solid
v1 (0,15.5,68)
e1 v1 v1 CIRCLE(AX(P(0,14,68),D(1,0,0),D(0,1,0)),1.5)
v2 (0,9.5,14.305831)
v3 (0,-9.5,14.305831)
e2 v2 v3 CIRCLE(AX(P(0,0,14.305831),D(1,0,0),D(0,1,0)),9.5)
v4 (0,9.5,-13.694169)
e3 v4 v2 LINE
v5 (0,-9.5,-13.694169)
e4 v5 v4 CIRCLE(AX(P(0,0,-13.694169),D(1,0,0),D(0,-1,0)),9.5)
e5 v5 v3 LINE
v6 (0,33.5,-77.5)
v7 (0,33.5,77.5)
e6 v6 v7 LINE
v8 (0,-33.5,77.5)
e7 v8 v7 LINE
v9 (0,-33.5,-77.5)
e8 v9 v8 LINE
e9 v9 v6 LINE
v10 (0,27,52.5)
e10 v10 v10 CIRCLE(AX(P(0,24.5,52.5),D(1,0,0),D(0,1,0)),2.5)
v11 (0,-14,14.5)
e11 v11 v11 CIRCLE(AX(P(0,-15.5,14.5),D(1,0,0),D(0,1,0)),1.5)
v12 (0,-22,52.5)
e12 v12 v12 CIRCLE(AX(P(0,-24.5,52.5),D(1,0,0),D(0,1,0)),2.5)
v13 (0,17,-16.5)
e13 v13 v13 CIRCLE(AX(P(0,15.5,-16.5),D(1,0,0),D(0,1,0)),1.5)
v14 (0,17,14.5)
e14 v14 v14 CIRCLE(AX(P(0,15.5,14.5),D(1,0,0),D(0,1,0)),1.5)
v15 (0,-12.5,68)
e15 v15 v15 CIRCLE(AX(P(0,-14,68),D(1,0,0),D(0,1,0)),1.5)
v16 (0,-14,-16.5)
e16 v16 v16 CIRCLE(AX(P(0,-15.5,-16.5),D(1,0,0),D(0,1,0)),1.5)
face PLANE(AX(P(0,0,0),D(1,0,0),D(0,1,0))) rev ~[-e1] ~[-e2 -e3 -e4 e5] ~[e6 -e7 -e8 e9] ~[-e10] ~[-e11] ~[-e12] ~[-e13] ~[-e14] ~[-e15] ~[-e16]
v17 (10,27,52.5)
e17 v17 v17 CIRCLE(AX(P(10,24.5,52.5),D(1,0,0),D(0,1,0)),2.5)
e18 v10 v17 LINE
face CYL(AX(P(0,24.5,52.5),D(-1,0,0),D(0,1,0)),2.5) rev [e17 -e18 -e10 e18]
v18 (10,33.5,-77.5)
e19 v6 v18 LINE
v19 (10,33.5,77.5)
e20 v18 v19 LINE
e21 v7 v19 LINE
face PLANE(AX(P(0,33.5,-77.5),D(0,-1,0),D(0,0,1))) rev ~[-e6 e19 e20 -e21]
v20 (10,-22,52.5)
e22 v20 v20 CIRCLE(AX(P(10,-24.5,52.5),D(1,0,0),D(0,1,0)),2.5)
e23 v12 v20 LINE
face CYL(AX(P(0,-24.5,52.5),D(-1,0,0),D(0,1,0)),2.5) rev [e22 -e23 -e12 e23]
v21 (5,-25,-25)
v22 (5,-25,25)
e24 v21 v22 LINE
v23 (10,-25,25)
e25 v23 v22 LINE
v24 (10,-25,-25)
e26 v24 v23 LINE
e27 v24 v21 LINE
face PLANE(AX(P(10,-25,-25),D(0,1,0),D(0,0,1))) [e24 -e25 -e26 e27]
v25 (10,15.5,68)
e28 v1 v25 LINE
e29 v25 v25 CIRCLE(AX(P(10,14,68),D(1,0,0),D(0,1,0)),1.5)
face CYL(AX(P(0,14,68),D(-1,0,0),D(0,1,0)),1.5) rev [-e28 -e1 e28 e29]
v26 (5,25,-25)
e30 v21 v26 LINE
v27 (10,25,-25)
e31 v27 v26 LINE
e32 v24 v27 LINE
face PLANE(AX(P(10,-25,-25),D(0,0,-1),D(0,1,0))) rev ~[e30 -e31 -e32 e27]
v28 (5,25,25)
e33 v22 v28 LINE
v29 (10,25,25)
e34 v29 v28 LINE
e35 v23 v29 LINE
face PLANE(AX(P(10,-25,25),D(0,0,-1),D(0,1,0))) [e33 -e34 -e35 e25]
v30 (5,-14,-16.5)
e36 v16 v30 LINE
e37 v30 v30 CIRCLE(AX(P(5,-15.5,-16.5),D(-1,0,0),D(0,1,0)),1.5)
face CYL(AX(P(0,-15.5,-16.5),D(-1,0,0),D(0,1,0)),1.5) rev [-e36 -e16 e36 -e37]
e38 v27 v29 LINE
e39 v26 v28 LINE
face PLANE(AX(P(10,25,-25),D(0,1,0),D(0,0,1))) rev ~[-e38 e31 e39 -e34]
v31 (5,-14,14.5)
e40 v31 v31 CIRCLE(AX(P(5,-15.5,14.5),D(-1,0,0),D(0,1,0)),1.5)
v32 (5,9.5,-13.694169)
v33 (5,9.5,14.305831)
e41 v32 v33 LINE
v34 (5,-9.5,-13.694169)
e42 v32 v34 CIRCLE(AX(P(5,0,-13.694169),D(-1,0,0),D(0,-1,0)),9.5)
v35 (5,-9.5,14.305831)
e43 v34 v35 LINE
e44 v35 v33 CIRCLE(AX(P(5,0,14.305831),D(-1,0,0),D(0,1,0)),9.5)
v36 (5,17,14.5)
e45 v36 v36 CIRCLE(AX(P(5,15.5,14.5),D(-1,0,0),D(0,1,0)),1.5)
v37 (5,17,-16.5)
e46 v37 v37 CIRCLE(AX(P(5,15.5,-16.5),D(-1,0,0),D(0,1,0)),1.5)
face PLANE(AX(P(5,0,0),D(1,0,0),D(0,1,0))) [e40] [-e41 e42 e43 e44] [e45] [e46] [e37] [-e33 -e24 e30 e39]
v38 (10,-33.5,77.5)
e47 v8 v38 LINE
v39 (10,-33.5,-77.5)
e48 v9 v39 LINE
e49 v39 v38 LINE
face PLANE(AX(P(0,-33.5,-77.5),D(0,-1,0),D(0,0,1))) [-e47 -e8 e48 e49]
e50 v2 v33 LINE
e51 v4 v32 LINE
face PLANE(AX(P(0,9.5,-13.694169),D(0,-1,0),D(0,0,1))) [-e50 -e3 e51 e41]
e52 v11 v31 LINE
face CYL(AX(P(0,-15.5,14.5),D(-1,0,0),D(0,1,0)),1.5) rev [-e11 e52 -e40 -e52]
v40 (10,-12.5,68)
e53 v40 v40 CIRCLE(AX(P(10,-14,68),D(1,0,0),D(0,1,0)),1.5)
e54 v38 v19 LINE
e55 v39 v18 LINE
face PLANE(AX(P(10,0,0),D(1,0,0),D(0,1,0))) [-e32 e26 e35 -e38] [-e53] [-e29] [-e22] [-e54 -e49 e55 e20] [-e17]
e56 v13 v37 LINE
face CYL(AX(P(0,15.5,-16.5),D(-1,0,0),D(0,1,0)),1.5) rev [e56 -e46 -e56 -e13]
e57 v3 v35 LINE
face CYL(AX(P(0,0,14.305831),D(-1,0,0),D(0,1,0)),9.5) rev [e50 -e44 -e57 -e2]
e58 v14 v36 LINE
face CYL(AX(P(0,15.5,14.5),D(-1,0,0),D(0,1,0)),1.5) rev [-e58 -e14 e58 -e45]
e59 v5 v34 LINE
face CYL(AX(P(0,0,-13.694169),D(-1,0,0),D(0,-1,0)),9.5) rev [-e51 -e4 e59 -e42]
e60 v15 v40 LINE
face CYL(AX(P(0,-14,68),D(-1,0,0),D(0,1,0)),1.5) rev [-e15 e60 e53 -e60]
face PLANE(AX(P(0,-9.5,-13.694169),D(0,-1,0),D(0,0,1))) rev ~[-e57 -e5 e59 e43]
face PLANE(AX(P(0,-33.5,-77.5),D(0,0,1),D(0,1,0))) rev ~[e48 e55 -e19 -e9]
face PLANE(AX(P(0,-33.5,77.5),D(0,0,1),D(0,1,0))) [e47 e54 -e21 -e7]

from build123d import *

# Parameters (mm, degrees)
SKETCH_W     = 67
SKETCH_H     = 155
SKETCH_R     = 1.5
SKETCH_R_2   = 2.5
PAD_DEPTH    = 10
SKETCH001_W  = 50
SKETCH001_H  = 50
POCKET_DEPTH = 5


with BuildPart() as part:
    # Sketch → Pad (new body)
    with BuildSketch(Plane.YZ):
        Rectangle(SKETCH_W, SKETCH_H)
        with Locations((-15.5, 14.5)):
            Circle(SKETCH_R, mode=Mode.SUBTRACT)
        with Locations((15.5, 14.5)):
            Circle(SKETCH_R, mode=Mode.SUBTRACT)
        with Locations((15.5, -16.5)):
            Circle(SKETCH_R, mode=Mode.SUBTRACT)
        with Locations((-15.5, -16.5)):
            Circle(SKETCH_R, mode=Mode.SUBTRACT)
        with Locations((24.5, 52.5)):
            Circle(SKETCH_R_2, mode=Mode.SUBTRACT)
        with Locations((-24.5, 52.5)):
            Circle(SKETCH_R_2, mode=Mode.SUBTRACT)
        with Locations((14, 68)):
            Circle(SKETCH_R, mode=Mode.SUBTRACT)
        with Locations((-14, 68)):
            Circle(SKETCH_R, mode=Mode.SUBTRACT)
        with BuildLine():
            ThreePointArc((-9.5, -13.694169), (0, -23.194169), (9.5, -13.694169))
            Line((9.5, -13.694169), (9.5, 14.305831))
            ThreePointArc((9.5, 14.305831), (0, 23.805831), (-9.5, 14.305831))
            Line((-9.5, -13.694169), (-9.5, 14.305831))
        make_face(mode=Mode.SUBTRACT)
    extrude(amount=PAD_DEPTH)

    # Sketch001 (on Face18 of Pad) → Pocket (cut)
    with BuildSketch(Plane.YZ.offset(10)):
        Rectangle(SKETCH001_W, SKETCH001_H)
    extrude(amount=-POCKET_DEPTH, mode=Mode.SUBTRACT)


solid = part.part
